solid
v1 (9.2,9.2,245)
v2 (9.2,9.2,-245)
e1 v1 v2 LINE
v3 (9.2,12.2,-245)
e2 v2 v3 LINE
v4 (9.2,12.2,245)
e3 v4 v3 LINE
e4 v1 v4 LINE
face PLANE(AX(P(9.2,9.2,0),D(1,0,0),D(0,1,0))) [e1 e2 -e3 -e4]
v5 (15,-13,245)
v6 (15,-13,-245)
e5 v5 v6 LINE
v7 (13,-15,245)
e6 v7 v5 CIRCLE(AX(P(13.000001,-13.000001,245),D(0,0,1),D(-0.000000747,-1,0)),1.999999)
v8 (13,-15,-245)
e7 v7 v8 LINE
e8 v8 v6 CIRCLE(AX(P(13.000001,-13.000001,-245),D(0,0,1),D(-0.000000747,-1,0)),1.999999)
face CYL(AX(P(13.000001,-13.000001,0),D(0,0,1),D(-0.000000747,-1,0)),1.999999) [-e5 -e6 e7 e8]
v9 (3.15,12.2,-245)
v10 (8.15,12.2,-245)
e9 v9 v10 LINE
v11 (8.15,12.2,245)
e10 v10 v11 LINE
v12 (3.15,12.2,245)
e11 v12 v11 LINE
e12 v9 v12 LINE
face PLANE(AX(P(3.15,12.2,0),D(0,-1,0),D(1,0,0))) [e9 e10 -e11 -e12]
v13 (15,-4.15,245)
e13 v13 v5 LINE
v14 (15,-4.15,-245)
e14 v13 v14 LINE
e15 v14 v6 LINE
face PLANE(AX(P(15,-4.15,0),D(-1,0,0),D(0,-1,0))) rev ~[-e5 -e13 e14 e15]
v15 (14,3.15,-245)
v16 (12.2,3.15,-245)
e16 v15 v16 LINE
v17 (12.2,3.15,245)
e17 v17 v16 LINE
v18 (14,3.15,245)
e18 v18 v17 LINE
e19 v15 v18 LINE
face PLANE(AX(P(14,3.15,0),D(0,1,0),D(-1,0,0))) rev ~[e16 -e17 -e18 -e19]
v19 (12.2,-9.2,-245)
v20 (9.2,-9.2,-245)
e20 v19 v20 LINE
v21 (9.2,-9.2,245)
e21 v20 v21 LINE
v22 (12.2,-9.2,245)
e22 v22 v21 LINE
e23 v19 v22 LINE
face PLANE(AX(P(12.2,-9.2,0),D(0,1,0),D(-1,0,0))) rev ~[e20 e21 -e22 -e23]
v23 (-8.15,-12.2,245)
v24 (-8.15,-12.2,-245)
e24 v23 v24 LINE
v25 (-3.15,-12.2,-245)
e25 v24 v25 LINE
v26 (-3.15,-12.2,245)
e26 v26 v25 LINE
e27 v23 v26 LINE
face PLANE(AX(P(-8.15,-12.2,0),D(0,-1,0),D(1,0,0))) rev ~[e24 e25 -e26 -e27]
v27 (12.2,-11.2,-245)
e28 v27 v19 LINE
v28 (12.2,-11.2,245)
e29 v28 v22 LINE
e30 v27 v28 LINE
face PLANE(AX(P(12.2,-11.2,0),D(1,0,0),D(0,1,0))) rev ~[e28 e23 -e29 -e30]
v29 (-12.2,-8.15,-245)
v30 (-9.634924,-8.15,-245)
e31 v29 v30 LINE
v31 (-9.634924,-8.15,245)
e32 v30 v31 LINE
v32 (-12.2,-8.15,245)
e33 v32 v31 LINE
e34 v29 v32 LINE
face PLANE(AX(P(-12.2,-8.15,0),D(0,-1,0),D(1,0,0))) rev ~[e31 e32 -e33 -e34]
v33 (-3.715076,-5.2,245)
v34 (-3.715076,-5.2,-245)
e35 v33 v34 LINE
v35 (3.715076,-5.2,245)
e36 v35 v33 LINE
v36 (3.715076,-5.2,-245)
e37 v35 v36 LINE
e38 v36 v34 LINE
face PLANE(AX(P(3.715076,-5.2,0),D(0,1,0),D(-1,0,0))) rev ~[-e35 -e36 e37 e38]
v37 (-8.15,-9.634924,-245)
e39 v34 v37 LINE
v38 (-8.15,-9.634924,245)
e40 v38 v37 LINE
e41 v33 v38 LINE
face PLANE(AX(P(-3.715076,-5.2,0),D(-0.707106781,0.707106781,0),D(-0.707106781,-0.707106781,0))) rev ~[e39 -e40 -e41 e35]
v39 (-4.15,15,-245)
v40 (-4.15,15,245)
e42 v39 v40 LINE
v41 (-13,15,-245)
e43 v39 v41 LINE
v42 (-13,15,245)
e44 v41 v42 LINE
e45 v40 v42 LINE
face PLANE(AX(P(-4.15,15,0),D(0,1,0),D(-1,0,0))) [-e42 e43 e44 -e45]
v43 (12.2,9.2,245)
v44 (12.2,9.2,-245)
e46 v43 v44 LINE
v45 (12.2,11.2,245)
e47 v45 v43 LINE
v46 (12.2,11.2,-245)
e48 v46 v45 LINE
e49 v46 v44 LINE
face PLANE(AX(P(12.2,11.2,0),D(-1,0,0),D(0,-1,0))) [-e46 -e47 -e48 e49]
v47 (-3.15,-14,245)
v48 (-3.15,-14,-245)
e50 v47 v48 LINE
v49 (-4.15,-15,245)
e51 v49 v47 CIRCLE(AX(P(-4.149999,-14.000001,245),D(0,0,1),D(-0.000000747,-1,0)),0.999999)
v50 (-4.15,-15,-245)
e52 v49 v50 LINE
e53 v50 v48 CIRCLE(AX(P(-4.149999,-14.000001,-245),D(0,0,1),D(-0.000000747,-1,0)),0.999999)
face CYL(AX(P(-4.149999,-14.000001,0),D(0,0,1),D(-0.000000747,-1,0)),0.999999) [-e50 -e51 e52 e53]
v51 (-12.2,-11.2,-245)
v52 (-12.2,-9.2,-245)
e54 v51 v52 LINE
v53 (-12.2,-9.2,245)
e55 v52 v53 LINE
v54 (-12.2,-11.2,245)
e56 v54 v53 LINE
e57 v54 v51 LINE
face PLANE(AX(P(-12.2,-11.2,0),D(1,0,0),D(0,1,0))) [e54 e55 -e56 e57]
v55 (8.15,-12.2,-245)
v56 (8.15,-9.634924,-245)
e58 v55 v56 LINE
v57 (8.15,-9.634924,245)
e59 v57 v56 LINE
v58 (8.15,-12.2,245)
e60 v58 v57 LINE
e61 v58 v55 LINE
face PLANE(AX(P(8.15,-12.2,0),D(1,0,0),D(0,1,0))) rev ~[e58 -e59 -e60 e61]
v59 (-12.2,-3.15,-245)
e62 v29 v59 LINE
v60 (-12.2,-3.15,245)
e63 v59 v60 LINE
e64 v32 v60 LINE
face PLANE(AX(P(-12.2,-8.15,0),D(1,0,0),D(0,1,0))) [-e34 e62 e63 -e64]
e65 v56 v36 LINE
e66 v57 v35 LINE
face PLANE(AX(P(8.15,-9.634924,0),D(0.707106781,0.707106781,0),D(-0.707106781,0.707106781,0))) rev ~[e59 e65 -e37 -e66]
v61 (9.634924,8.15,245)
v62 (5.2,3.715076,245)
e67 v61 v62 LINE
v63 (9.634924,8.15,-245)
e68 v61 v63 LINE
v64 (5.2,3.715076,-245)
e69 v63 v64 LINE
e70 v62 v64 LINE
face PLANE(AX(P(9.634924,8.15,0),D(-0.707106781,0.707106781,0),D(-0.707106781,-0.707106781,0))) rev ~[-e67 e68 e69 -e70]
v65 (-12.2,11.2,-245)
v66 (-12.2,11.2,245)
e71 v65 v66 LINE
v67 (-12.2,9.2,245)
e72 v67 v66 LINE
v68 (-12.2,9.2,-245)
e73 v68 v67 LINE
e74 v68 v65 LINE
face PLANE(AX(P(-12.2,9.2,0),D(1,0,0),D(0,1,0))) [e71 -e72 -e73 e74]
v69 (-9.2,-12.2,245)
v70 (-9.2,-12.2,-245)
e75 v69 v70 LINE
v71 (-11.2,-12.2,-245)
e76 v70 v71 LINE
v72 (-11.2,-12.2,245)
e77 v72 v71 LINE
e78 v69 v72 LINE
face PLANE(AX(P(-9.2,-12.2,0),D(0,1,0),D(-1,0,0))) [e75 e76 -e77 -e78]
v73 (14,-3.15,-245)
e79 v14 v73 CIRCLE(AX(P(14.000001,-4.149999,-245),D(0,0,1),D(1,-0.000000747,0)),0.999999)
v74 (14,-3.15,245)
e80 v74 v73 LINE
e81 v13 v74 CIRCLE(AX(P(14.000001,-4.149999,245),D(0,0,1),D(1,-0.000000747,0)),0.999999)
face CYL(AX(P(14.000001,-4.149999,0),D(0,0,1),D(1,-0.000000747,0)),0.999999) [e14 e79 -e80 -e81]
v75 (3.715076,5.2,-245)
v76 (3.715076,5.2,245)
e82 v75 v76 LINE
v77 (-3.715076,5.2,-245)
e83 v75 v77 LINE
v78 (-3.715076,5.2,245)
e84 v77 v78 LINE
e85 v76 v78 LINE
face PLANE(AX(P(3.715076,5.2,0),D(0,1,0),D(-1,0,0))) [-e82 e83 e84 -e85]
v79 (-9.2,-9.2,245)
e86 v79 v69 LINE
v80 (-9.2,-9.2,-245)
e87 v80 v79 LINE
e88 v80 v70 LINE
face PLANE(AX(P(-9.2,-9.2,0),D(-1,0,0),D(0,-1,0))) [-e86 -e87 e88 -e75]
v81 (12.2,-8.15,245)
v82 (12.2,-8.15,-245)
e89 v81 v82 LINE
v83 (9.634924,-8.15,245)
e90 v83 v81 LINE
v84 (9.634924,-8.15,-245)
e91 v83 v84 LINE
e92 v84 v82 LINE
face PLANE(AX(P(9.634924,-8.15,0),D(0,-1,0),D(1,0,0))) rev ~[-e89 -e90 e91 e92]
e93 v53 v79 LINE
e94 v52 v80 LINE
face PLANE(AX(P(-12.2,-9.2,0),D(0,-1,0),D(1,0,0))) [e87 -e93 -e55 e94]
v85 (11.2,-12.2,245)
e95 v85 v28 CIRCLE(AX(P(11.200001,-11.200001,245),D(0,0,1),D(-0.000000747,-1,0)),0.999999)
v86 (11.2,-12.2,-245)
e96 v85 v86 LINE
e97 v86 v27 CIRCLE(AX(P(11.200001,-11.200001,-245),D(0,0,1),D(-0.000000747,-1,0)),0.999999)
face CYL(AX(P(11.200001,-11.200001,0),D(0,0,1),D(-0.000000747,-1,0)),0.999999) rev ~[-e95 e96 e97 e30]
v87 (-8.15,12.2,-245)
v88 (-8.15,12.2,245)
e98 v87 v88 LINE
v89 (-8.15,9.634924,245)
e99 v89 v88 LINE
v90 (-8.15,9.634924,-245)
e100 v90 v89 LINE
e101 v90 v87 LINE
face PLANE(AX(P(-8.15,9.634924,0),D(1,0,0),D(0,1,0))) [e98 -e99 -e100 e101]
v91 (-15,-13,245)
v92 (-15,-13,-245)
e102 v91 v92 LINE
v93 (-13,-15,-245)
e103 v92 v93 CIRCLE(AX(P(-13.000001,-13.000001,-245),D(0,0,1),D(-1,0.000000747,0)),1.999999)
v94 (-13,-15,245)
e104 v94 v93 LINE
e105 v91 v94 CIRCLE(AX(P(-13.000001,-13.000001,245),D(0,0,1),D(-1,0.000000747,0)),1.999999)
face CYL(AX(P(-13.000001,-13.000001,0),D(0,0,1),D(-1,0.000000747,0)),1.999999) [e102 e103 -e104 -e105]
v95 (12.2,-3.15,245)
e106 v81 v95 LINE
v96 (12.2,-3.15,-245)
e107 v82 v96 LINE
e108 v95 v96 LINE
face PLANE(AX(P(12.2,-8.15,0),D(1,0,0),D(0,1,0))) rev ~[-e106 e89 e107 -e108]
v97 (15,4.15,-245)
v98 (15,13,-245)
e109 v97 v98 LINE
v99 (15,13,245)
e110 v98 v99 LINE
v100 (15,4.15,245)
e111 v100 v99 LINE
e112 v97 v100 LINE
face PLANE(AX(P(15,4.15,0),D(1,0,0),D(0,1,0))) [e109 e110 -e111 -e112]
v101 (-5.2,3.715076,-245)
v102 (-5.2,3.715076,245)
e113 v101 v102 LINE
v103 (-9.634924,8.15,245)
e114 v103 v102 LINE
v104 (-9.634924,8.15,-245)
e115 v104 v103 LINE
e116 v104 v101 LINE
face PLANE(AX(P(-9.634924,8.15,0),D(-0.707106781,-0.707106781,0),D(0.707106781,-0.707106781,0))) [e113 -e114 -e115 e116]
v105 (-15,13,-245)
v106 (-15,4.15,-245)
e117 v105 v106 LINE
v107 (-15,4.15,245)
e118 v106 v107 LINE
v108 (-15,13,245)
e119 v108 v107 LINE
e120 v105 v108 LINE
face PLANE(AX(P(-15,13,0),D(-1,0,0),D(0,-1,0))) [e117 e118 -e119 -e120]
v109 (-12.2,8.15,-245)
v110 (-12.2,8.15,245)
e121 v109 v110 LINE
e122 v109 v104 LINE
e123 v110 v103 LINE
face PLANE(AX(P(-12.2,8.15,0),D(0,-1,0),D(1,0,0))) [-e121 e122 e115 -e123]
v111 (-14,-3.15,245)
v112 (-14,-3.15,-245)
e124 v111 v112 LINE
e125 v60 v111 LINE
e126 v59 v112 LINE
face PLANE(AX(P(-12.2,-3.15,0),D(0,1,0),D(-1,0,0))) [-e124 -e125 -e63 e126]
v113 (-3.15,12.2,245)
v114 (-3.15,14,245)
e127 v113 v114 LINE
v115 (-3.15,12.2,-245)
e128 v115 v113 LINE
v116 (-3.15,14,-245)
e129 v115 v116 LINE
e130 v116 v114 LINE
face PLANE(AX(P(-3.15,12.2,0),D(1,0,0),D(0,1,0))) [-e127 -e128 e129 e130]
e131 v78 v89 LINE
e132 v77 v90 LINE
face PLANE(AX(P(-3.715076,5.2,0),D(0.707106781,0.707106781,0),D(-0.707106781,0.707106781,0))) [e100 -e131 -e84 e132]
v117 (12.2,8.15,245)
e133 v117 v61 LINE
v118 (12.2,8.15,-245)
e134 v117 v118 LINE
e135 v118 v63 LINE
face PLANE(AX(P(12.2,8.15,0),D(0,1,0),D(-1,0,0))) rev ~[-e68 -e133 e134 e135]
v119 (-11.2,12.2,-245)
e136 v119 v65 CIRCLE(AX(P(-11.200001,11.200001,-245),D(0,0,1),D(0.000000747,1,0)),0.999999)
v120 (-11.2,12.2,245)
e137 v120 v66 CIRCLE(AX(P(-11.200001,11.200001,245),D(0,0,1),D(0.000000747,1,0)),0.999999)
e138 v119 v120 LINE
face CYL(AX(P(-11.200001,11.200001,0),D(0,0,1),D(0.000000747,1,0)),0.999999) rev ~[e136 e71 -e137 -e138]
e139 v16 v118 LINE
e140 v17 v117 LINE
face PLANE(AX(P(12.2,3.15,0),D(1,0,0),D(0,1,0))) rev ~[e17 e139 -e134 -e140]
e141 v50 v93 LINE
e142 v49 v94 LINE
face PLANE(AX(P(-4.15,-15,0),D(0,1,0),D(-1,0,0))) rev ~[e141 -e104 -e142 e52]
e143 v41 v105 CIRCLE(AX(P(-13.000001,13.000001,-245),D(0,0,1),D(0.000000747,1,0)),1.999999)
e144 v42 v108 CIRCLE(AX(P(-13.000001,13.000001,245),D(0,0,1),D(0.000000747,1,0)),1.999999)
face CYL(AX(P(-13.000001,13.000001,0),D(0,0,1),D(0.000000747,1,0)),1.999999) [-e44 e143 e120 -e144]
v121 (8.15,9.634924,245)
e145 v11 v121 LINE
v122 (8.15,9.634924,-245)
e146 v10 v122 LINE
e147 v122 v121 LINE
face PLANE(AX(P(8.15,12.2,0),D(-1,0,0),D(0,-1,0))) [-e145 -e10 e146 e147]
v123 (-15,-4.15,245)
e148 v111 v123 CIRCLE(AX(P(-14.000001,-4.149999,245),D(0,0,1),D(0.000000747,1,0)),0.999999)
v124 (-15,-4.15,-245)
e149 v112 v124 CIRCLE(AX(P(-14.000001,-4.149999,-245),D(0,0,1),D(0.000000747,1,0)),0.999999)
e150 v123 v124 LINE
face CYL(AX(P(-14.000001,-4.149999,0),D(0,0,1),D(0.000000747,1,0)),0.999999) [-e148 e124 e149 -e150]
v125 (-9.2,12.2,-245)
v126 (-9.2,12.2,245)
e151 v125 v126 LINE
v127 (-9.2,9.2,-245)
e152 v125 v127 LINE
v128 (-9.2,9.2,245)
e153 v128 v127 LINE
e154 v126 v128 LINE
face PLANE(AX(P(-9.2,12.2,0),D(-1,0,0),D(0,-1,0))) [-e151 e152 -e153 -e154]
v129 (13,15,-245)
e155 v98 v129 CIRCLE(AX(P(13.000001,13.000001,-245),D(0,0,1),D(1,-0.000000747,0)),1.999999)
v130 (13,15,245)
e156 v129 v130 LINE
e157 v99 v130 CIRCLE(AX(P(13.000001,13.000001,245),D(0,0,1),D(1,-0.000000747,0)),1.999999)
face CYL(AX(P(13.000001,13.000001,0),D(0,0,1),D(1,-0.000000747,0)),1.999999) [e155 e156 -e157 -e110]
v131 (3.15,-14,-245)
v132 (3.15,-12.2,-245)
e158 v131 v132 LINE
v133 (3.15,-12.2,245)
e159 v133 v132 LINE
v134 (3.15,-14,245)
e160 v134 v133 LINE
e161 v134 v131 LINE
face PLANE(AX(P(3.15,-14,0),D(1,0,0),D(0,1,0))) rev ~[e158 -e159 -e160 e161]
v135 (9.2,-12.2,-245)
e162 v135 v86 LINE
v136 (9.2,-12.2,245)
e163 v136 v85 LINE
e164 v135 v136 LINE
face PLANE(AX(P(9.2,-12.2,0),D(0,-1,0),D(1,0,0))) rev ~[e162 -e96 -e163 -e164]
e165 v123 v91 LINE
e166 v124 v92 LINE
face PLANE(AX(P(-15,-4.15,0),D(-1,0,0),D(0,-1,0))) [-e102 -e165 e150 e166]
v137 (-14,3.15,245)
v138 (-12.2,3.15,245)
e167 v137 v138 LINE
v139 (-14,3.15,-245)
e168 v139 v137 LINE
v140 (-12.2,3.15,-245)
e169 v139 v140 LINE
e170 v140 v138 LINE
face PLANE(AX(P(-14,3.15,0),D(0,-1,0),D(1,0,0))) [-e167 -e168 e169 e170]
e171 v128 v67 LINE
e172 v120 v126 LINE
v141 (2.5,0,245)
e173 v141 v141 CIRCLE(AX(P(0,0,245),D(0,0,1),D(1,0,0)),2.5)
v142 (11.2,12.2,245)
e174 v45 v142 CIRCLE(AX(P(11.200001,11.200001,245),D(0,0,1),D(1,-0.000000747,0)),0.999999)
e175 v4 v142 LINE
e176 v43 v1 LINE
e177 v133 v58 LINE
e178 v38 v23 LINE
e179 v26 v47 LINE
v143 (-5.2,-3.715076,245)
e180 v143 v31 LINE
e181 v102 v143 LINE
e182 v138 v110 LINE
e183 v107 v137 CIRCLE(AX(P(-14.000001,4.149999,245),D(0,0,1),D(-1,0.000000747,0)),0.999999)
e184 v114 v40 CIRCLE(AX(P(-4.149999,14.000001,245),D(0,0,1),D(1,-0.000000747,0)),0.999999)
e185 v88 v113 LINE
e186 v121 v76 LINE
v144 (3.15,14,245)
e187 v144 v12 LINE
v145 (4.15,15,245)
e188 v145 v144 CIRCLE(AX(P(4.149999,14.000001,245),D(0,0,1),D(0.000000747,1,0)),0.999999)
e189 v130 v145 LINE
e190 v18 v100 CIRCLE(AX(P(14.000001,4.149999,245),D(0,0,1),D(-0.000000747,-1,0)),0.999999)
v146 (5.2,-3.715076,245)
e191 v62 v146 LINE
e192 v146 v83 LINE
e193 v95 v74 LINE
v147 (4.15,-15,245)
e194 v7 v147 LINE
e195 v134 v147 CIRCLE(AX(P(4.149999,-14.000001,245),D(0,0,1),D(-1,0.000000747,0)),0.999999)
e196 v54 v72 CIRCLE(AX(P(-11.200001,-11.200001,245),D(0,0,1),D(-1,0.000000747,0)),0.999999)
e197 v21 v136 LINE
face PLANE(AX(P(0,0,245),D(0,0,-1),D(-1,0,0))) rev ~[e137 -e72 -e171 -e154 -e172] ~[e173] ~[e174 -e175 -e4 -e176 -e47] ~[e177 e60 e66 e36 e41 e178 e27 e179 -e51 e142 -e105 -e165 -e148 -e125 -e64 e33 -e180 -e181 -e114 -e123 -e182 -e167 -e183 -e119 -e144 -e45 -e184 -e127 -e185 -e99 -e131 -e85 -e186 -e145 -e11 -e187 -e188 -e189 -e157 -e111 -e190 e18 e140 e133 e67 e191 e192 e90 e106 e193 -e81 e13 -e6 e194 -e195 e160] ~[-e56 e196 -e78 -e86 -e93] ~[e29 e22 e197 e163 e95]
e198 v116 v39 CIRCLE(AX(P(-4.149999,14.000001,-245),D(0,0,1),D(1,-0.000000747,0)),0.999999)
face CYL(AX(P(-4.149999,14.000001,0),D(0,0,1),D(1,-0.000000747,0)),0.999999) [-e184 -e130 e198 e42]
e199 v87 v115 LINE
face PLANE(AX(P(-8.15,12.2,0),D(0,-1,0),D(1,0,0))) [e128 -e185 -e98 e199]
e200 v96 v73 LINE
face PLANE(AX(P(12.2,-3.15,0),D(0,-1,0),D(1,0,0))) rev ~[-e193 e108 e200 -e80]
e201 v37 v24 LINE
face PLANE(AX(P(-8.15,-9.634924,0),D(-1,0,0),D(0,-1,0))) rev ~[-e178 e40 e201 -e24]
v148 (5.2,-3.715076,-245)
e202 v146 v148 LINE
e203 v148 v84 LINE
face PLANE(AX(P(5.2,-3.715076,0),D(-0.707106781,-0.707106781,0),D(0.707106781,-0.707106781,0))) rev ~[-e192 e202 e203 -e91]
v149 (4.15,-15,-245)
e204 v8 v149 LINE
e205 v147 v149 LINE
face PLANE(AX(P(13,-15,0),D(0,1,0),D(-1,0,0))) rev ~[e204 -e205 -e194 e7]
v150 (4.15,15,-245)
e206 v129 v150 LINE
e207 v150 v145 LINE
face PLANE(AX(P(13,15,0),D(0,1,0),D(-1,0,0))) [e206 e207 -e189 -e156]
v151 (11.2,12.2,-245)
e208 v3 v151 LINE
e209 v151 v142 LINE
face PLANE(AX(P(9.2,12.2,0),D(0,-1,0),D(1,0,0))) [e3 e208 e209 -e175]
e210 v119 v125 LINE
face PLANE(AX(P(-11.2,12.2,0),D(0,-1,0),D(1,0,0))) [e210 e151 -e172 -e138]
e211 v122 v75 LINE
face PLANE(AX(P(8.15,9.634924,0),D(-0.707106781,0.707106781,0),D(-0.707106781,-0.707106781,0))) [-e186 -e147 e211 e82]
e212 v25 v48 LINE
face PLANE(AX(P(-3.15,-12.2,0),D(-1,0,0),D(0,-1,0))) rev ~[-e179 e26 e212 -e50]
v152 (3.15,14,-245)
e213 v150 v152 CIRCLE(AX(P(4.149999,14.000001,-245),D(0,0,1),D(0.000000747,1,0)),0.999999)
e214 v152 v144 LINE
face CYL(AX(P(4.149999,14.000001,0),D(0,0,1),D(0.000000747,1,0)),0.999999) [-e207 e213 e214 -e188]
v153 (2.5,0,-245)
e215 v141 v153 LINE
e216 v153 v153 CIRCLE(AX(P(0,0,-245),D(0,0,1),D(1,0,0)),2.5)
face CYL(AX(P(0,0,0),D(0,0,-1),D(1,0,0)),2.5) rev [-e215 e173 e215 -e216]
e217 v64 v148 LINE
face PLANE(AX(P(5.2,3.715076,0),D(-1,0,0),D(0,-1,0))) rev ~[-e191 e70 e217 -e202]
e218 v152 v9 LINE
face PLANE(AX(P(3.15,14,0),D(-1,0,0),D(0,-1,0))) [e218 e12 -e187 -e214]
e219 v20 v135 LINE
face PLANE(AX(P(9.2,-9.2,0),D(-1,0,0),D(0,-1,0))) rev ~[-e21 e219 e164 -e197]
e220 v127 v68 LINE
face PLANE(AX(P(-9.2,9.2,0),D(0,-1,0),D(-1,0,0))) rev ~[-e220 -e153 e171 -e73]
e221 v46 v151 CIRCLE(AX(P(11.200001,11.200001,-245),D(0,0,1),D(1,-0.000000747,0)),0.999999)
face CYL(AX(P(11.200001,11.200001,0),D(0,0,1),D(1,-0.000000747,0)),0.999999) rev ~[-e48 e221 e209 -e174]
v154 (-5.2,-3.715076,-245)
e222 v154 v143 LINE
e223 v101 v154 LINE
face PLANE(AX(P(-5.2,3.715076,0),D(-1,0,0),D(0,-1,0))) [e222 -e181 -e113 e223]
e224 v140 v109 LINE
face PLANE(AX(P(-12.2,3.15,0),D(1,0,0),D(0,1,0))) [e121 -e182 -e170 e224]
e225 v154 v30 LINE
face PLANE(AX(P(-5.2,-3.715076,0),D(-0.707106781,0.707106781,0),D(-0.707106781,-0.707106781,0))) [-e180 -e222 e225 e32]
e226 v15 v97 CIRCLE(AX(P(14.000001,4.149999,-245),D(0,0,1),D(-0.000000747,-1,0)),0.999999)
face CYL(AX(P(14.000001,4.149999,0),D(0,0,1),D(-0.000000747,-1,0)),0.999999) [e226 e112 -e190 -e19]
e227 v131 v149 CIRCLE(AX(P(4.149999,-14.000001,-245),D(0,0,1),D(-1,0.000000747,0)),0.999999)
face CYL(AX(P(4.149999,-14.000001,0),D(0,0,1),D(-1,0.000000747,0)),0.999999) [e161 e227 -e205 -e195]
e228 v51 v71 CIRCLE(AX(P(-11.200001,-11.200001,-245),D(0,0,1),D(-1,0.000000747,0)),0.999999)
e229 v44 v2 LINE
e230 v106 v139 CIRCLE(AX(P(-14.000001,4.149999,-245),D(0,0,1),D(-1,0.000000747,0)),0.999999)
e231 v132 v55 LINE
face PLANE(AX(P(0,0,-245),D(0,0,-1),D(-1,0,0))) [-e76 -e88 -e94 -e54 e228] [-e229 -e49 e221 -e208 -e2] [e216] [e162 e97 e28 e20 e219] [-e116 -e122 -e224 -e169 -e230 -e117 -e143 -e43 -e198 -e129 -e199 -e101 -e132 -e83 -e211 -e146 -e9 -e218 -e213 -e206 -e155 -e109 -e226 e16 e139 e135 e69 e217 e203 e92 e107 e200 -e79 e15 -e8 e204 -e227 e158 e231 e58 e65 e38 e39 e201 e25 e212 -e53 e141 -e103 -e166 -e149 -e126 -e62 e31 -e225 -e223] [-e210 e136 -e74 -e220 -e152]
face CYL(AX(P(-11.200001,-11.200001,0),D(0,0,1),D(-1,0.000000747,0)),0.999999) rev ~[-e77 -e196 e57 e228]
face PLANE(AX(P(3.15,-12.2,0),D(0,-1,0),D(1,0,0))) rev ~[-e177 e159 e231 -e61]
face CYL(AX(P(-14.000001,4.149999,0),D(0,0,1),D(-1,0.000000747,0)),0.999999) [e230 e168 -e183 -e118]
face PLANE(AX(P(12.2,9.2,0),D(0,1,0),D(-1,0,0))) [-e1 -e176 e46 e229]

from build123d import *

# Parameters (mm, degrees)
SKETCH_R  = 2.5
PAD_DEPTH = 245


with BuildPart() as part:
    # Sketch → Pad (new body, symmetric)
    with BuildSketch(Plane.XY):
        with BuildLine():
            Line((14, 3.15), (12.2, 3.15))
            Line((12.2, 3.15), (12.2, 8.15))
            Line((12.2, 8.15), (9.634924, 8.15))
            Line((9.634924, 8.15), (5.2, 3.715076))
            Line((5.2, 3.715076), (5.2, -3.715076))
            Line((5.2, -3.715076), (9.634924, -8.15))
            Line((9.634924, -8.15), (12.2, -8.15))
            Line((12.2, -8.15), (12.2, -3.15))
            Line((12.2, -3.15), (14, -3.15))
            ThreePointArc((15, -4.15), (14.707107, -3.442893), (14, -3.15))
            Line((15, -4.15), (15, -13))
            ThreePointArc((13, -15), (14.414214, -14.414214), (15, -13))
            Line((13, -15), (4.15, -15))
            ThreePointArc((3.15, -14), (3.442893, -14.707107), (4.15, -15))
            Line((3.15, -14), (3.15, -12.2))
            Line((3.15, -12.2), (8.15, -12.2))
            Line((8.15, -12.2), (8.15, -9.634924))
            Line((8.15, -9.634924), (3.715076, -5.2))
            Line((3.715076, -5.2), (-3.715076, -5.2))
            Line((-3.715076, -5.2), (-8.15, -9.634924))
            Line((-8.15, -9.634924), (-8.15, -12.2))
            Line((-8.15, -12.2), (-3.15, -12.2))
            Line((-3.15, -12.2), (-3.15, -14))
            ThreePointArc((-4.15, -15), (-3.442893, -14.707107), (-3.15, -14))
            Line((-4.15, -15), (-13, -15))
            ThreePointArc((-15, -13), (-14.414214, -14.414214), (-13, -15))
            Line((-15, -4.15), (-15, -13))
            ThreePointArc((-14, -3.15), (-14.707107, -3.442893), (-15, -4.15))
            Line((-12.2, -3.15), (-14, -3.15))
            Line((-12.2, -8.15), (-12.2, -3.15))
            Line((-12.2, -8.15), (-9.634924, -8.15))
            Line((-5.2, -3.715076), (-9.634924, -8.15))
            Line((-5.2, 3.715076), (-5.2, -3.715076))
            Line((-9.634924, 8.15), (-5.2, 3.715076))
            Line((-12.2, 8.15), (-9.634924, 8.15))
            Line((-12.2, 3.15), (-12.2, 8.15))
            Line((-14, 3.15), (-12.2, 3.15))
            ThreePointArc((-15, 4.15), (-14.707107, 3.442893), (-14, 3.15))
            Line((-15, 13), (-15, 4.15))
            ThreePointArc((-13, 15), (-14.414214, 14.414214), (-15, 13))
            Line((-4.15, 15), (-13, 15))
            ThreePointArc((-3.15, 14), (-3.442893, 14.707107), (-4.15, 15))
            Line((-3.15, 12.2), (-3.15, 14))
            Line((-8.15, 12.2), (-3.15, 12.2))
            Line((-8.15, 9.634924), (-8.15, 12.2))
            Line((-3.715076, 5.2), (-8.15, 9.634924))
            Line((3.715076, 5.2), (-3.715076, 5.2))
            Line((8.15, 9.634924), (3.715076, 5.2))
            Line((8.15, 12.2), (8.15, 9.634924))
            Line((3.15, 12.2), (8.15, 12.2))
            Line((3.15, 14), (3.15, 12.2))
            ThreePointArc((4.15, 15), (3.442893, 14.707107), (3.15, 14))
            Line((13, 15), (4.15, 15))
            ThreePointArc((15, 13), (14.414214, 14.414214), (13, 15))
            Line((15, 4.15), (15, 13))
            ThreePointArc((14, 3.15), (14.707107, 3.442893), (15, 4.15))
        make_face()
        Circle(SKETCH_R, mode=Mode.SUBTRACT)
        with BuildLine():
            Line((9.2, 12.2), (11.2, 12.2))
            ThreePointArc((12.2, 11.2), (11.907107, 11.907107), (11.2, 12.2))
            Line((12.2, 11.2), (12.2, 9.2))
            Line((12.2, 9.2), (9.2, 9.2))
            Line((9.2, 9.2), (9.2, 12.2))
        make_face(mode=Mode.SUBTRACT)
        with BuildLine():
            ThreePointArc((-11.2, 12.2), (-11.907107, 11.907107), (-12.2, 11.2))
            Line((-12.2, 9.2), (-12.2, 11.2))
            Line((-9.2, 9.2), (-12.2, 9.2))
            Line((-9.2, 12.2), (-9.2, 9.2))
            Line((-11.2, 12.2), (-9.2, 12.2))
        make_face(mode=Mode.SUBTRACT)
        with BuildLine():
            ThreePointArc((-12.2, -11.2), (-11.907107, -11.907107), (-11.2, -12.2))
            Line((-9.2, -12.2), (-11.2, -12.2))
            Line((-9.2, -9.2), (-9.2, -12.2))
            Line((-12.2, -9.2), (-9.2, -9.2))
            Line((-12.2, -11.2), (-12.2, -9.2))
        make_face(mode=Mode.SUBTRACT)
        with BuildLine():
            ThreePointArc((11.2, -12.2), (11.907107, -11.907107), (12.2, -11.2))
            Line((12.2, -11.2), (12.2, -9.2))
            Line((12.2, -9.2), (9.2, -9.2))
            Line((9.2, -9.2), (9.2, -12.2))
            Line((9.2, -12.2), (11.2, -12.2))
        make_face(mode=Mode.SUBTRACT)
    extrude(amount=PAD_DEPTH, both=True)


solid = part.part
